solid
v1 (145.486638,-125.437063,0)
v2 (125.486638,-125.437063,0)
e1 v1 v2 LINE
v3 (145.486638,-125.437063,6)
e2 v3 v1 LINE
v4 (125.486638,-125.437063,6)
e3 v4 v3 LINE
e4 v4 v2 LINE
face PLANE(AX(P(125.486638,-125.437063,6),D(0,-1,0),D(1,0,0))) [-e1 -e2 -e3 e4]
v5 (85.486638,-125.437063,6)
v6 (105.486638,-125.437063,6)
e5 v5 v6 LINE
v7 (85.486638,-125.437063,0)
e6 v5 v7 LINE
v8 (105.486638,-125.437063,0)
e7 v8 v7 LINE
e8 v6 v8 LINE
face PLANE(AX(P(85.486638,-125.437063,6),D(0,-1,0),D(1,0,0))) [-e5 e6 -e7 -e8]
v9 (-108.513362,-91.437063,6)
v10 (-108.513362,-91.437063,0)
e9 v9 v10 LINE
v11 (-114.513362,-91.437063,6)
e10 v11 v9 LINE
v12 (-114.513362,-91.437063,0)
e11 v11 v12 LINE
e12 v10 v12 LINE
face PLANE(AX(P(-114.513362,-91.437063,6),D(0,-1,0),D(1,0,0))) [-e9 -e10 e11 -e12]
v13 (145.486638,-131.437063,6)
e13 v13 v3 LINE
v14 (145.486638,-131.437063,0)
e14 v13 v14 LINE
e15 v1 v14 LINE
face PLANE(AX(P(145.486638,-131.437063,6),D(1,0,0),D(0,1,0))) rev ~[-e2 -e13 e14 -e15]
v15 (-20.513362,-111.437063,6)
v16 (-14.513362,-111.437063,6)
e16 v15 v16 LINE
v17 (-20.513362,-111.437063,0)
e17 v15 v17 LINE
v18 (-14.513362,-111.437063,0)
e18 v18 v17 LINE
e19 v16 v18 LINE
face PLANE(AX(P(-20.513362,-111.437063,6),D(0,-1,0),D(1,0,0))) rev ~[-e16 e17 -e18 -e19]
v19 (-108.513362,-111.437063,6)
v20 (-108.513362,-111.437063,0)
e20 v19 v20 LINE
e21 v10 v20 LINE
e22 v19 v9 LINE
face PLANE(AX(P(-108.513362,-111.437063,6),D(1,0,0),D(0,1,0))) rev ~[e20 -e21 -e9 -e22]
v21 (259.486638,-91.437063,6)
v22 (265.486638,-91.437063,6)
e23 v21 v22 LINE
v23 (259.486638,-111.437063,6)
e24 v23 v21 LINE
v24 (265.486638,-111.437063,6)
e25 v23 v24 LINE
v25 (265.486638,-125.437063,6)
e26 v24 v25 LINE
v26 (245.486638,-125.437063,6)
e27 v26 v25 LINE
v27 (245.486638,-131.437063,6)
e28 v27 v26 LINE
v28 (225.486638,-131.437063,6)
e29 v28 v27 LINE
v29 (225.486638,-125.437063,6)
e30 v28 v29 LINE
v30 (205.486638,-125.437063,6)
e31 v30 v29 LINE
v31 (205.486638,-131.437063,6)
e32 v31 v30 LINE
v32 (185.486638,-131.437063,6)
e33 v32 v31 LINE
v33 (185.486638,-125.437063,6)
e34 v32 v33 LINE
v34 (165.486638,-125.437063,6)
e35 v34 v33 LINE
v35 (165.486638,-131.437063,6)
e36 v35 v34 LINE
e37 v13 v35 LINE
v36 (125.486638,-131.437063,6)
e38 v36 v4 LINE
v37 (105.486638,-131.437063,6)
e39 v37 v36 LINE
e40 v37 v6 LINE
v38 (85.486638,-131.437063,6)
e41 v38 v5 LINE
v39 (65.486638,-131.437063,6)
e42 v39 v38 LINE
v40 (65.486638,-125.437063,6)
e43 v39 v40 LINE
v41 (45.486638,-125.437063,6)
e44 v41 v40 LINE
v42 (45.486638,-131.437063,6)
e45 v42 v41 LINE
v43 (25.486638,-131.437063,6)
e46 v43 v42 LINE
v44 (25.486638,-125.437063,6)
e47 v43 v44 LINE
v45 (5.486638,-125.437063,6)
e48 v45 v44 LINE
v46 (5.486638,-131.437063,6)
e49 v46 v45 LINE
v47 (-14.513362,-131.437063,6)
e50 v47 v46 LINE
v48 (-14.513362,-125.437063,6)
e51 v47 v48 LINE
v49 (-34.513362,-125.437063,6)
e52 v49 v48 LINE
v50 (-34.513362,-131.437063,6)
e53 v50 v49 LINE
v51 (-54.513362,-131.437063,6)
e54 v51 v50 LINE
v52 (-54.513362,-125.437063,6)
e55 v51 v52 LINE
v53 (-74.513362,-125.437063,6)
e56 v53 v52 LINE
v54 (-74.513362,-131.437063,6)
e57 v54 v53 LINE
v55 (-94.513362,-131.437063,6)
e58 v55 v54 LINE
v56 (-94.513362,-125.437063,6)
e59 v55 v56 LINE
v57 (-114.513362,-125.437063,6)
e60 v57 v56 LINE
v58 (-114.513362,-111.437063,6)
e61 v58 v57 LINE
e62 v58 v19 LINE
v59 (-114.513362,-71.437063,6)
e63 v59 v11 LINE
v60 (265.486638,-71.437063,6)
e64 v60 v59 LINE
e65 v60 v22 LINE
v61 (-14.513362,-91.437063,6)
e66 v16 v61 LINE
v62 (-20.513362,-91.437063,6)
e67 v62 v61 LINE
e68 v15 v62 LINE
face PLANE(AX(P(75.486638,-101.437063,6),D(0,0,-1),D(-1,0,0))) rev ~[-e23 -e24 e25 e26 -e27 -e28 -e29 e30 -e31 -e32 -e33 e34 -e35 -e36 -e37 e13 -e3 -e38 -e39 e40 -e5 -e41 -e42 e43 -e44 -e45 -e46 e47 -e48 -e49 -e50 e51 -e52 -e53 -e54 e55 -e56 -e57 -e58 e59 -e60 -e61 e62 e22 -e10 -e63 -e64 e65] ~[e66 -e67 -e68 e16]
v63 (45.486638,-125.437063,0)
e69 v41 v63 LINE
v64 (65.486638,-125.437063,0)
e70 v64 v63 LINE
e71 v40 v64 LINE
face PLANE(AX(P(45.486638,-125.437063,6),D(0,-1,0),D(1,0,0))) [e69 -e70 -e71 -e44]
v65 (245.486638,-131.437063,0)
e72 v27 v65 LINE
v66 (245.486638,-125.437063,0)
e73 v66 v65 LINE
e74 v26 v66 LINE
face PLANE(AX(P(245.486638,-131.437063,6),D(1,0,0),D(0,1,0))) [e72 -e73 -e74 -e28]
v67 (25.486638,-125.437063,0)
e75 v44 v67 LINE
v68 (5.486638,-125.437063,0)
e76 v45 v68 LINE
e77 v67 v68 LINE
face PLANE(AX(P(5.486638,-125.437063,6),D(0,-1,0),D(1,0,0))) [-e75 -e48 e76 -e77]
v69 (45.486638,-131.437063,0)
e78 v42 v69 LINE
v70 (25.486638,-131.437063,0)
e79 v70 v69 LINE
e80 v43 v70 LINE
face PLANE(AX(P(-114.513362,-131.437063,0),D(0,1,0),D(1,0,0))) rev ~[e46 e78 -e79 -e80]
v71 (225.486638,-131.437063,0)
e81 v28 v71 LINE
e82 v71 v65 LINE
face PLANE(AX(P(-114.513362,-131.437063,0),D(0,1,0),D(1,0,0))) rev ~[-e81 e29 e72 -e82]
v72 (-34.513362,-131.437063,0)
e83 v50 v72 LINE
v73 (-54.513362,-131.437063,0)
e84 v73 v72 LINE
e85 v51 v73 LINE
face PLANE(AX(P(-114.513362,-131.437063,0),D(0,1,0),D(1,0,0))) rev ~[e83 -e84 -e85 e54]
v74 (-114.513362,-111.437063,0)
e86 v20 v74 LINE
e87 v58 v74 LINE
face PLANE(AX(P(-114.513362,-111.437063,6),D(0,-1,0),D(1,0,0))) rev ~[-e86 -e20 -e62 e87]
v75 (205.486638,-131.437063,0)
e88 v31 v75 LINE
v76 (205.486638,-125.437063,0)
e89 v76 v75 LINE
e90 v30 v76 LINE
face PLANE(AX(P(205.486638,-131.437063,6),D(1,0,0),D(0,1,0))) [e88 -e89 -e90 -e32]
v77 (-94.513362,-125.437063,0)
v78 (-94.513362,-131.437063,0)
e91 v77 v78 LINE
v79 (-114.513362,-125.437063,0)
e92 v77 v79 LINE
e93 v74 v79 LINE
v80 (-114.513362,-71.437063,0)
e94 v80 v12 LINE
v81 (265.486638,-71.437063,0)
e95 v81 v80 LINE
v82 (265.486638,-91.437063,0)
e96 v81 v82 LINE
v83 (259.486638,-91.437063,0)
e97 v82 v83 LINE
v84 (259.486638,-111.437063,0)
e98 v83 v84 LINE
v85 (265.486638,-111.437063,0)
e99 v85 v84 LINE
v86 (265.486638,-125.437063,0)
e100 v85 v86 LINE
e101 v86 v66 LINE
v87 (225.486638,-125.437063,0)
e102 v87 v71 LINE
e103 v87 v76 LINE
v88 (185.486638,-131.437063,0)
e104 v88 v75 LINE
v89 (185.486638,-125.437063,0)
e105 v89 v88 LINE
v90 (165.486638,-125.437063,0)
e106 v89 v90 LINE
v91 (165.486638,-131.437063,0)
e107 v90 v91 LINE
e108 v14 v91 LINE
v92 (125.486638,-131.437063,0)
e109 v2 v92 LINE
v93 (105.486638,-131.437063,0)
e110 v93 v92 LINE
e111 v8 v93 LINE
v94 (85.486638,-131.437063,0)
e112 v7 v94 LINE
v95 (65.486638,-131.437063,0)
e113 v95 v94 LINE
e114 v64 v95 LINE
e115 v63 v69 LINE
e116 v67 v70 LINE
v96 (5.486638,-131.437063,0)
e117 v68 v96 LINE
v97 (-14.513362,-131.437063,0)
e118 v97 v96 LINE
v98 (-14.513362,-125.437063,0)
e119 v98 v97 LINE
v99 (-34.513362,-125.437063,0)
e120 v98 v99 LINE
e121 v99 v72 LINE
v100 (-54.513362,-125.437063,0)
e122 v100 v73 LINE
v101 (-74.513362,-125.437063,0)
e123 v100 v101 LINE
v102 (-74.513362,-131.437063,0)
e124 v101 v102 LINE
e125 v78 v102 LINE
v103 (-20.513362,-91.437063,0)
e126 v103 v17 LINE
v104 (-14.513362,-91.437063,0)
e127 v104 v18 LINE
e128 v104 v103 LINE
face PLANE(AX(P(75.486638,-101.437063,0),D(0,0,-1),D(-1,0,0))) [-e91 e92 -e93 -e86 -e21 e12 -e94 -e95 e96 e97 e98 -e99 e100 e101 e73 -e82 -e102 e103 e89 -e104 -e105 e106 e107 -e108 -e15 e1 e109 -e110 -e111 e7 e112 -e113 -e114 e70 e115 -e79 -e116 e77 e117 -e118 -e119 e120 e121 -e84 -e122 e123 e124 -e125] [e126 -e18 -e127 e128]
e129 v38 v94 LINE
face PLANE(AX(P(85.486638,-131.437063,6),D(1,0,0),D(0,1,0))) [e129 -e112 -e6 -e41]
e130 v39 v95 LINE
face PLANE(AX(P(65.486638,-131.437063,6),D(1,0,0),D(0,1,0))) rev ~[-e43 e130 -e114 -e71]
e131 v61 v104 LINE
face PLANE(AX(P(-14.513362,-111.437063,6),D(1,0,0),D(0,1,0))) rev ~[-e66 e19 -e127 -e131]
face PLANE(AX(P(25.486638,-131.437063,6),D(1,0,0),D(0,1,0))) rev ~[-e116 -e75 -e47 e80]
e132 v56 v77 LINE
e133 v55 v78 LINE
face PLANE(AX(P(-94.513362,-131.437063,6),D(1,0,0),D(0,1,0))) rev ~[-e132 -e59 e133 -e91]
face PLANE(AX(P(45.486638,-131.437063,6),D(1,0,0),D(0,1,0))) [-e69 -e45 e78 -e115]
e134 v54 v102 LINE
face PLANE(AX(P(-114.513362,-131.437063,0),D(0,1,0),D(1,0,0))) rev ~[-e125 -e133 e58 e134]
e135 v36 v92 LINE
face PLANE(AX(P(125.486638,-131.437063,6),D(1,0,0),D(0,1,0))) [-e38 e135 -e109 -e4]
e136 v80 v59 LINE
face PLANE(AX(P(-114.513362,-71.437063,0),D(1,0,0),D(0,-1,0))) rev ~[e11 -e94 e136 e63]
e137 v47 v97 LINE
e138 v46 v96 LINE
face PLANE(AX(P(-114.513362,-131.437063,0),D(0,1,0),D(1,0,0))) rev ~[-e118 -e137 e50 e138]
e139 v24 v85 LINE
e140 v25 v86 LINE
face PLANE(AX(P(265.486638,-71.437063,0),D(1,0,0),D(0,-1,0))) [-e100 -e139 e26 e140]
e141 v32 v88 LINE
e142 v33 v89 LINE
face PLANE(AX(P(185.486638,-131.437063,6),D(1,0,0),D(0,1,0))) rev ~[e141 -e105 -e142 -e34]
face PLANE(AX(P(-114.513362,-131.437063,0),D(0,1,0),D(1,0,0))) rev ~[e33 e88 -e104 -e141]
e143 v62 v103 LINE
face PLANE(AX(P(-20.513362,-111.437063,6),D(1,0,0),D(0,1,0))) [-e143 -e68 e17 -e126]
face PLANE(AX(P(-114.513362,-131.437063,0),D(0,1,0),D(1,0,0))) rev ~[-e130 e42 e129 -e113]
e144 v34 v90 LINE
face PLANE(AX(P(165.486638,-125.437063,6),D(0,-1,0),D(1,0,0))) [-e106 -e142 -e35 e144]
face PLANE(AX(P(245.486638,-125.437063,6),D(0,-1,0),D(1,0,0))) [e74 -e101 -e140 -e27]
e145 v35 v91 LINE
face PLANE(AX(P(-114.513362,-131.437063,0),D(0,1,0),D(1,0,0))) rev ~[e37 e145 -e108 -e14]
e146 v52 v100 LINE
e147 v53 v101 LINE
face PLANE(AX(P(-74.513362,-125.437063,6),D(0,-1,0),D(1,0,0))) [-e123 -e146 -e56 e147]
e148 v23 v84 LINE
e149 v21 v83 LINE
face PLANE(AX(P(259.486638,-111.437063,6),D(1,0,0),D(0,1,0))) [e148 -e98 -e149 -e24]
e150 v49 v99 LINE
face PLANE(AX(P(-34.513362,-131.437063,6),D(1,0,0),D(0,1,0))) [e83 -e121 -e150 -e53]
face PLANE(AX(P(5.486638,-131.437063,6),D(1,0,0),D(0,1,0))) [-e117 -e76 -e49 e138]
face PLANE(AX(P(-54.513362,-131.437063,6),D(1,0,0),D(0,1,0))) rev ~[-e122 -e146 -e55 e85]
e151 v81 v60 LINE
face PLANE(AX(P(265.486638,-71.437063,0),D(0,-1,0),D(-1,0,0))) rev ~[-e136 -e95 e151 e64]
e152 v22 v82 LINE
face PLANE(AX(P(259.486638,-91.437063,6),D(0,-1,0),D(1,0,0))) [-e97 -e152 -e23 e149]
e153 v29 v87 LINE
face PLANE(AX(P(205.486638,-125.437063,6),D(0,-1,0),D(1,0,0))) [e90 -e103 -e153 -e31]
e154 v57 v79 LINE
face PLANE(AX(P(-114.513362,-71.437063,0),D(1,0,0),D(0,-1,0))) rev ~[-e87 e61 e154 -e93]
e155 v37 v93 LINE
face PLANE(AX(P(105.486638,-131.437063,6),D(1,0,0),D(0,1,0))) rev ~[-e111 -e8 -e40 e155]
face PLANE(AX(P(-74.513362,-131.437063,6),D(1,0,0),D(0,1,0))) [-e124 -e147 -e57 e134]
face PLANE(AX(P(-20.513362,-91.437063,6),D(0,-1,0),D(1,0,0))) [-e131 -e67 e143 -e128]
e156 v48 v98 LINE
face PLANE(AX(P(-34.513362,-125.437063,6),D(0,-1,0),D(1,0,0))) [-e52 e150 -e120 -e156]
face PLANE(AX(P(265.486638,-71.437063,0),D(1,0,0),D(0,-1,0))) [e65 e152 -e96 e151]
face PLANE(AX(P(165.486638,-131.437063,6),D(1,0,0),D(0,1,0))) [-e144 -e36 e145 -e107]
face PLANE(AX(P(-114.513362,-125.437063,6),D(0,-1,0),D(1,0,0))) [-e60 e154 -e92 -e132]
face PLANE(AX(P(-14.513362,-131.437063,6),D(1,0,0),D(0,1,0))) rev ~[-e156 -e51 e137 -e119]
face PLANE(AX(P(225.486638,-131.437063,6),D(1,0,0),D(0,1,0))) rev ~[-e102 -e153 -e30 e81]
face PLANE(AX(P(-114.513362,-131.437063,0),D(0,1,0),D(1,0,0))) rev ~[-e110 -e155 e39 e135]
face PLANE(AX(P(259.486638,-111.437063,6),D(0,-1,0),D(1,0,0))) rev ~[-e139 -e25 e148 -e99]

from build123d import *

# Parameters (mm, degrees)
BOSS_EXTRUDE1_DEPTH = 6
SKETCH2_W           = 6
SKETCH2_H           = 20
CUT_EXTRUDE1_DEPTH  = 10
SKETCH3_W           = 6
SKETCH3_H           = 20
CUT_EXTRUDE2_DEPTH  = 10
SKETCH4_W           = 20
SKETCH4_H           = 6
CUT_EXTRUDE3_DEPTH  = 10
LPATTERN1_COUNT     = 10
LPATTERN1_PITCH     = 40
SKETCH5_W           = 6
SKETCH5_H           = 20
CUT_EXTRUDE4_DEPTH  = 10


with BuildPart() as part:
    # Sketch1 → Boss-Extrude1 (new body)
    with BuildSketch(Plane.XY):
        Polygon((-114.513362239, -81.437063232), (-114.513362239, -71.437063232), (-14.513362239, -71.437063232), (265.486637761, -71.437063232), (265.486637761, -131.437063232), (-14.513362239, -131.437063232), (-114.513362239, -131.437063232), align=None)
    extrude(amount=BOSS_EXTRUDE1_DEPTH)

    # Sketch2 → Cut-Extrude1 (cut)
    with BuildSketch(Plane.XY.offset(6)):
        with Locations((-111.513362239, -101.437063232)):
            Rectangle(SKETCH2_W, SKETCH2_H)
    extrude(amount=-CUT_EXTRUDE1_DEPTH, mode=Mode.SUBTRACT)

    # Sketch3 → Cut-Extrude2 (cut)
    with BuildSketch(Plane.XY.offset(6)):
        with Locations((-17.513362239, -101.437063232)):
            Rectangle(SKETCH3_W, SKETCH3_H)
    extrude(amount=-CUT_EXTRUDE2_DEPTH, mode=Mode.SUBTRACT)

    # Sketch4 → Cut-Extrude3 (cut)
    with BuildSketch(Plane.XY.offset(6)):
        with Locations((-104.513362239, -128.437063232)):
            Rectangle(SKETCH4_W, SKETCH4_H)
    cut_extrude3 = extrude(amount=-CUT_EXTRUDE3_DEPTH, mode=Mode.SUBTRACT)

    # LPattern1: Cut-Extrude3 ×10
    with Locations(*[(i * LPATTERN1_PITCH, 0, 0) for i in range(1, LPATTERN1_COUNT)]):
        add(cut_extrude3, mode=Mode.SUBTRACT)

    # Sketch5 → Cut-Extrude4 (cut)
    with BuildSketch(Plane.XY.offset(6)):
        with Locations((262.486637761, -101.437063232)):
            Rectangle(SKETCH5_W, SKETCH5_H)
    extrude(amount=-CUT_EXTRUDE4_DEPTH, mode=Mode.SUBTRACT)


solid = part.part
